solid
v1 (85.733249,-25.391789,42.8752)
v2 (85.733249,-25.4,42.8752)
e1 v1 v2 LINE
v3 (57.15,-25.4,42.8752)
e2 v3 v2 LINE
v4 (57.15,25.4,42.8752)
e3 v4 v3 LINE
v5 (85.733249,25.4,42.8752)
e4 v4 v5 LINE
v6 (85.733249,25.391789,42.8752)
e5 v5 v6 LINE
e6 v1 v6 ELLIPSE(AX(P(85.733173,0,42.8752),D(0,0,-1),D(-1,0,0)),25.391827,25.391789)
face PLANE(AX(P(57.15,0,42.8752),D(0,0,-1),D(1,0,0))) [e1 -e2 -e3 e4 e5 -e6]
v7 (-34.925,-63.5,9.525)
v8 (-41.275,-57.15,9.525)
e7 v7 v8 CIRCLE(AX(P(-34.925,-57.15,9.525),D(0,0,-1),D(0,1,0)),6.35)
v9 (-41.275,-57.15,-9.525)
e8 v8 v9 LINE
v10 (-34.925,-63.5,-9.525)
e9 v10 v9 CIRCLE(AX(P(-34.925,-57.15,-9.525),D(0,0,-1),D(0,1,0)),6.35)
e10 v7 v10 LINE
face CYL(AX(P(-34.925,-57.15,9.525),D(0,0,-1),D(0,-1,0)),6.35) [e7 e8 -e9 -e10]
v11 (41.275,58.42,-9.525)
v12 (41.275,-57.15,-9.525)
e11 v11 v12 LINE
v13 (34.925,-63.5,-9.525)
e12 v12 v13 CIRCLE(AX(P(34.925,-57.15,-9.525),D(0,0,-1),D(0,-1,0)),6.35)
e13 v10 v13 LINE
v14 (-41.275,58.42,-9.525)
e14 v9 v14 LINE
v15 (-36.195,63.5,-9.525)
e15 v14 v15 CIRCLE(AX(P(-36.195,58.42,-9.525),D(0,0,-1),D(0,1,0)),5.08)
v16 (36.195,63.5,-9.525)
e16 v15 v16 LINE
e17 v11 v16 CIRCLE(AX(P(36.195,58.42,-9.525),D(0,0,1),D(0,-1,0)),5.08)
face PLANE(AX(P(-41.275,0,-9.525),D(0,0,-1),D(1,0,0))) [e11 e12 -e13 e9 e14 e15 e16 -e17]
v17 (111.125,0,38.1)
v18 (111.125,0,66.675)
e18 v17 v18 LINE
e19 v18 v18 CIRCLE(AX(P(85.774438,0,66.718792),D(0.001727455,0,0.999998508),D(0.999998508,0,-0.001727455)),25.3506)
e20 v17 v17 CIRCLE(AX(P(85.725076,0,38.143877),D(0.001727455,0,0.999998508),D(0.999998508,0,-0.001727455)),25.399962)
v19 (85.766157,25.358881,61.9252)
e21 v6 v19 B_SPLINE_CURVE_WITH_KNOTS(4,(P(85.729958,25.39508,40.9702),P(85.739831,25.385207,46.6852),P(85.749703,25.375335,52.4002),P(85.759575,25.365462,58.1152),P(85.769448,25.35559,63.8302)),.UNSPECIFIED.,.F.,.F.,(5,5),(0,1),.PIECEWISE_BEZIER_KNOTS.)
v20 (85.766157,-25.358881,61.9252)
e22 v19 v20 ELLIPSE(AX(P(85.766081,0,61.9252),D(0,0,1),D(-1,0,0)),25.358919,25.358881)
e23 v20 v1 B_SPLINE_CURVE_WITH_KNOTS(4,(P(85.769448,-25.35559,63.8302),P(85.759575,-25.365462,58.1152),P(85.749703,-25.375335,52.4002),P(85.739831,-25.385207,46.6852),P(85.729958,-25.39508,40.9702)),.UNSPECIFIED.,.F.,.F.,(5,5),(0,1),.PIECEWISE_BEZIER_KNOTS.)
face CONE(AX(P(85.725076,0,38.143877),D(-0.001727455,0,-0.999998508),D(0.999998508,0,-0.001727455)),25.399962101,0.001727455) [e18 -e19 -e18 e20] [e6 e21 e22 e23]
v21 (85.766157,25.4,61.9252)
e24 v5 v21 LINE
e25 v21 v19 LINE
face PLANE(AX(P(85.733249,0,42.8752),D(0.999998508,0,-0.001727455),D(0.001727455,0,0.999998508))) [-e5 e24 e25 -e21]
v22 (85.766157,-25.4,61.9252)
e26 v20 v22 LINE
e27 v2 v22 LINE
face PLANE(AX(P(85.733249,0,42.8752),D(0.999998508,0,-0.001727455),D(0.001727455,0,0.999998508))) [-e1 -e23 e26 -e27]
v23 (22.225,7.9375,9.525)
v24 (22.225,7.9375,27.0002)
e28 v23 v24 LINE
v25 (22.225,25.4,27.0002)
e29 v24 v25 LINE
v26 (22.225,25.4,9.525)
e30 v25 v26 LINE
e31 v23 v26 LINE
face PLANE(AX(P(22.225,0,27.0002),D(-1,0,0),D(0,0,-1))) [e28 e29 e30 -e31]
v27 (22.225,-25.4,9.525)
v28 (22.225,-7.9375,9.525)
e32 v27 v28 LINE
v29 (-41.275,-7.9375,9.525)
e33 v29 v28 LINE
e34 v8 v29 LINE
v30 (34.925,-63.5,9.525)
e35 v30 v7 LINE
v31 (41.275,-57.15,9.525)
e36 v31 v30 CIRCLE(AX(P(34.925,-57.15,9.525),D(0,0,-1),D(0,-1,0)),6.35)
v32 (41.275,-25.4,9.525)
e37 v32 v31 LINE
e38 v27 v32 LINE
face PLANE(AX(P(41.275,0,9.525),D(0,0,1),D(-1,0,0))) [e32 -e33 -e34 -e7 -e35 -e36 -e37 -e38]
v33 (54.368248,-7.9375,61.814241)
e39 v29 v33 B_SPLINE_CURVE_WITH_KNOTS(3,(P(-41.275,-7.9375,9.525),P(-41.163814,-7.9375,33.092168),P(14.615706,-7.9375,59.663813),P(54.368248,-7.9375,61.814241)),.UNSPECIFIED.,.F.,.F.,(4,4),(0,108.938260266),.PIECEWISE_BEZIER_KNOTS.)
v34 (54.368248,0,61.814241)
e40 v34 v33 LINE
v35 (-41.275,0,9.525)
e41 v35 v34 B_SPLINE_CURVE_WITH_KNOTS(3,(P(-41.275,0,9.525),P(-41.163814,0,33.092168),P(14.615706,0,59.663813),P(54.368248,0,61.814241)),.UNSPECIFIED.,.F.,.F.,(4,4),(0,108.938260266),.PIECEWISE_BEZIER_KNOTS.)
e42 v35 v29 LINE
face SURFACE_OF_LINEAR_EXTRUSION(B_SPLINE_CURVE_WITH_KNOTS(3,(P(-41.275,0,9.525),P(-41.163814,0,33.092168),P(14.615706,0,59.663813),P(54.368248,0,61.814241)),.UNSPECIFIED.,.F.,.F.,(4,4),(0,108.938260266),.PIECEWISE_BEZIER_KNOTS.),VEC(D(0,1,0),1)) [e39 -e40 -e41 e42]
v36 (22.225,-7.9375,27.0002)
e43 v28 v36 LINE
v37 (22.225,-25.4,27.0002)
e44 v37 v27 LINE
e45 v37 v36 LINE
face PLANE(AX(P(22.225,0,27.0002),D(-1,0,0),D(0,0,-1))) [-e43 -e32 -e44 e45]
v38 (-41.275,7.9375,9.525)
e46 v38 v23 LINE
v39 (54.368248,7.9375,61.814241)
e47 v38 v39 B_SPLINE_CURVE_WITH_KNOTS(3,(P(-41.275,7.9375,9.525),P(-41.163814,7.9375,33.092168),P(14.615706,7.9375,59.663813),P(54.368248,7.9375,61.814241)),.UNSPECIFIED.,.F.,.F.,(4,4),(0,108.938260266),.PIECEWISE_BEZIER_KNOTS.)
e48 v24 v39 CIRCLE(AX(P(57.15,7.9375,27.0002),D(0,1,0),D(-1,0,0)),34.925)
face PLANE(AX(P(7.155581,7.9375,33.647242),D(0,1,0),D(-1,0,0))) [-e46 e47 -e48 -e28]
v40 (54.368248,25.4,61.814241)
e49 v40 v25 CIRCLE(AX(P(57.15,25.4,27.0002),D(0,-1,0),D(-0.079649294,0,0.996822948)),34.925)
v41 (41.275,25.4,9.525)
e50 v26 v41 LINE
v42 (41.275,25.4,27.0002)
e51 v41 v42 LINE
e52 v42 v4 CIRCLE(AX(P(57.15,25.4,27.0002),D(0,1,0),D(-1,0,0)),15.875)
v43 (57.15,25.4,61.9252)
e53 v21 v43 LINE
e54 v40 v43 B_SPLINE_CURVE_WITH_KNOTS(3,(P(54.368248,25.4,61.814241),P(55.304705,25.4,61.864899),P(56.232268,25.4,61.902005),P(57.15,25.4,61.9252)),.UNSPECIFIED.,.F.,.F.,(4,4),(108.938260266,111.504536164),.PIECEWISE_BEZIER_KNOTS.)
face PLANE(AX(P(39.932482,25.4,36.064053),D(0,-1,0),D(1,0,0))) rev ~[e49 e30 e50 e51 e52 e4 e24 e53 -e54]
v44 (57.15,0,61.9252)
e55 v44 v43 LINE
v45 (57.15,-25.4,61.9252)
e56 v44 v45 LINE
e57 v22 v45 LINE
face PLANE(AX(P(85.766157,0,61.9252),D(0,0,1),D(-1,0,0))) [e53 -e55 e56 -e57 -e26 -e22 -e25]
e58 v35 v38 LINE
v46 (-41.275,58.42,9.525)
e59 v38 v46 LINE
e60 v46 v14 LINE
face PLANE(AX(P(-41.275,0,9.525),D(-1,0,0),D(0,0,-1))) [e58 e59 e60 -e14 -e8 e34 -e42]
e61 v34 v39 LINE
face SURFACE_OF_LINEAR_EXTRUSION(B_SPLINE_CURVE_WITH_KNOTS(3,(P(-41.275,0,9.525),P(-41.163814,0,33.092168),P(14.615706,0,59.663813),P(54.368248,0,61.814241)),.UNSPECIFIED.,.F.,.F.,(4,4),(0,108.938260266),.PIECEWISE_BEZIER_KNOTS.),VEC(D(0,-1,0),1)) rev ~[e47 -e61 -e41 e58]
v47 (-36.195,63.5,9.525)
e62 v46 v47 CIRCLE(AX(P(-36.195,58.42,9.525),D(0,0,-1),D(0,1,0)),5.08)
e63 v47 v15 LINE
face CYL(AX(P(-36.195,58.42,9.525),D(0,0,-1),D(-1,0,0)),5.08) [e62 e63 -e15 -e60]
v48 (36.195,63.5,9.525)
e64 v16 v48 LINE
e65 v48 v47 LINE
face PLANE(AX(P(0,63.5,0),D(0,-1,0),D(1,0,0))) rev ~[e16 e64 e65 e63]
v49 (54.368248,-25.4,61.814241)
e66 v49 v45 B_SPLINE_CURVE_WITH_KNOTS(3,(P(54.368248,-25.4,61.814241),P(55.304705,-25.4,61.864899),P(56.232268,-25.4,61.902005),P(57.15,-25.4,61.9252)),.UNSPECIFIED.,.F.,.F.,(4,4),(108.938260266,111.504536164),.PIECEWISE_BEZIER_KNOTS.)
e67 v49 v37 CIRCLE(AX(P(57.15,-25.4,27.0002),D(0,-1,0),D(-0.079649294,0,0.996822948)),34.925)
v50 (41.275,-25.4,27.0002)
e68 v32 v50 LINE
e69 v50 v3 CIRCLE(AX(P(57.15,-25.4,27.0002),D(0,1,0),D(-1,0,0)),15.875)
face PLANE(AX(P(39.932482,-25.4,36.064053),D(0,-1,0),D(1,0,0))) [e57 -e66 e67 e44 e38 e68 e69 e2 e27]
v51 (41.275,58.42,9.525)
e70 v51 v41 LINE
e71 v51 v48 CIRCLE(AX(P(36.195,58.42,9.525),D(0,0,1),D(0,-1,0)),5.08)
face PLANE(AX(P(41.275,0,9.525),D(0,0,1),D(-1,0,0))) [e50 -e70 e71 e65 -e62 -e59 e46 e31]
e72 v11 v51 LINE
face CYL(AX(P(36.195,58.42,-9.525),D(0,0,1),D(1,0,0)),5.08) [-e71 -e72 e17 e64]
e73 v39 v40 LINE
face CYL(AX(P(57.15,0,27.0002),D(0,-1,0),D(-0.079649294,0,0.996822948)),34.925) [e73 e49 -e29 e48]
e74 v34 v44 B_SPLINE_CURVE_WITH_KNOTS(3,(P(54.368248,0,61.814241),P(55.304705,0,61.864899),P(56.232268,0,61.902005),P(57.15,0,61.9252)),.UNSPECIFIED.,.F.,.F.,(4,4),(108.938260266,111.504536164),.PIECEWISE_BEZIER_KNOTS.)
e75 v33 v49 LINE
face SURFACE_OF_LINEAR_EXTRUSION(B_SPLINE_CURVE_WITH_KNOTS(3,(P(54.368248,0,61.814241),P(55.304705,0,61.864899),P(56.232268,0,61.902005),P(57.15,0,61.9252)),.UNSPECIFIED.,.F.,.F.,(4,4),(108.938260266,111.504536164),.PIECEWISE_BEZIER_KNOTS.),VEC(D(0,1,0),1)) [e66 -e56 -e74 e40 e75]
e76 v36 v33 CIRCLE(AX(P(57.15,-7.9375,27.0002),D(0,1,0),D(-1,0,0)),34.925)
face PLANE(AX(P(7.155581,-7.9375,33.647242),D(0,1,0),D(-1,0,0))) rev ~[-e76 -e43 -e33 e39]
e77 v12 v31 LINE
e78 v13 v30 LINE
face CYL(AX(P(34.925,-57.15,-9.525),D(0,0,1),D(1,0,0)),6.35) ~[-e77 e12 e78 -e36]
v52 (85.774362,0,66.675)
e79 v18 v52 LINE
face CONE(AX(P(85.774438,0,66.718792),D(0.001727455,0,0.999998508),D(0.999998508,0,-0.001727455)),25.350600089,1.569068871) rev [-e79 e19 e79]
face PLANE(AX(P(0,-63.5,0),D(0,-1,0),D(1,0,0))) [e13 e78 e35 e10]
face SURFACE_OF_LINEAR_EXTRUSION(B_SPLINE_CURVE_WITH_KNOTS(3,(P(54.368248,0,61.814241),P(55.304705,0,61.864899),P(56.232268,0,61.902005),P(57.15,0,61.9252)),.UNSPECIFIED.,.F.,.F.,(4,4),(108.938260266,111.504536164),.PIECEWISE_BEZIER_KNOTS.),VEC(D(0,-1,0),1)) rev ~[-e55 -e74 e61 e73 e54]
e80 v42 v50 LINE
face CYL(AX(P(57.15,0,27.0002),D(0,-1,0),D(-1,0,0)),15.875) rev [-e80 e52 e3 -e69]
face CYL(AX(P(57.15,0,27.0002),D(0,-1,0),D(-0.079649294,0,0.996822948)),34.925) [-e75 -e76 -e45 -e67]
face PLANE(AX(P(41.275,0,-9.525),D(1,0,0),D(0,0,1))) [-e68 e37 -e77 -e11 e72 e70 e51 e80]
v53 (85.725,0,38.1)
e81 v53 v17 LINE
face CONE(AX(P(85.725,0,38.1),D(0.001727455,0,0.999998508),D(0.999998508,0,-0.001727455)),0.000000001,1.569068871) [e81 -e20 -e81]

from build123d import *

# Parameters (mm, degrees)
F1_DEPTH = 63.5
F2_DEPTH = 7.9375
F3_DEPTH = 25.4
F5_R     = 6.35
F6_R     = 5.08


with BuildPart() as f1:
    # F0 (on Front) → F1 (new body, symmetric)
    with BuildSketch(Plane.XZ):
        Polygon((-41.275, -9.525), (41.275, -9.525), (41.275, 9.525), (22.225, 9.525), (-41.275, 9.525), align=None)
    extrude(amount=F1_DEPTH, both=True)

    # F0 (on Front) → F2 (join, symmetric)
    with BuildSketch(Plane.XZ):
        with BuildLine():
            add(Edge.make_bspline(
                [(-41.275, 9.525), (-41.1638136776, 33.0921679971), (14.6157059848, 59.6638127103), (54.3682484127, 61.8142414647)],
                knots=[0, 0, 0, 0, 108.9382602659, 108.9382602659, 108.9382602659, 108.9382602659], degree=3))
            Line((-41.275, 9.525), (22.225, 9.525))
            Line((22.225, 9.525), (22.225, 27.0002))
            ThreePointArc((22.225, 27.0002), (31.489638553, 50.6920018607), (54.3682484127, 61.8142414647))
        make_face()
    extrude(amount=F2_DEPTH, both=True)

    # F0 (on Front) → F3 (join, symmetric)
    with BuildSketch(Plane.XZ):
        with BuildLine():
            Line((22.225, 9.525), (41.275, 9.525))
            Line((41.275, 9.525), (41.275, 27.0002))
            ThreePointArc((41.275, 27.0002), (45.9246798487, 38.2255201513), (57.15, 42.8752))
            Line((57.15, 42.8752), (60.325, 42.8752))
            Line((60.325, 42.8752), (60.325, 61.9252))
            Line((60.325, 61.9252), (57.15, 61.9252))
            add(Edge.make_bspline(
                [(54.3682484127, 61.8142414647), (55.3047053678, 61.8648994564), (56.2322683165, 61.902005145), (57.15, 61.9252)],
                knots=[108.9382602659, 108.9382602659, 108.9382602659, 108.9382602659, 111.5045361635, 111.5045361635, 111.5045361635, 111.5045361635], degree=3))
            ThreePointArc((54.3682484127, 61.8142414647), (31.489638553, 50.6920018607), (22.225, 27.0002))
            Line((22.225, 27.0002), (22.225, 9.525))
        make_face()
        Polygon((60.325, 61.9252), (60.325, 42.8752), (85.7332489532, 42.8752), (85.7661570114, 61.9252), align=None)
    extrude(amount=F3_DEPTH, both=True)

    # F0 (on Front) → F4 (revolve)
    with BuildSketch(Plane.XZ):
        Polygon((85.7661570114, 61.9252), (85.7332489532, 42.8752), (85.725, 38.1), (111.125, 38.1), (111.125, 66.675), (85.7743620872, 66.675), align=None)
    revolve(axis=Axis((85.7496810436, 0, 52.3875), (0.0017274545, 0, 0.9999985079)))

    # F5
    f5_edges = [f1.edges().sort_by_distance(p)[0] for p in [
        (41.275, -63.5, 0),
        (-41.275, -63.5, 0),
    ]]
    fillet(f5_edges, radius=F5_R)

    # F6
    f6_edges = [f1.edges().sort_by_distance(p)[0] for p in [
        (-41.275, 63.5, 0),
        (41.275, 63.5, 0),
    ]]
    fillet(f6_edges, radius=F6_R)


solid = f1.part
